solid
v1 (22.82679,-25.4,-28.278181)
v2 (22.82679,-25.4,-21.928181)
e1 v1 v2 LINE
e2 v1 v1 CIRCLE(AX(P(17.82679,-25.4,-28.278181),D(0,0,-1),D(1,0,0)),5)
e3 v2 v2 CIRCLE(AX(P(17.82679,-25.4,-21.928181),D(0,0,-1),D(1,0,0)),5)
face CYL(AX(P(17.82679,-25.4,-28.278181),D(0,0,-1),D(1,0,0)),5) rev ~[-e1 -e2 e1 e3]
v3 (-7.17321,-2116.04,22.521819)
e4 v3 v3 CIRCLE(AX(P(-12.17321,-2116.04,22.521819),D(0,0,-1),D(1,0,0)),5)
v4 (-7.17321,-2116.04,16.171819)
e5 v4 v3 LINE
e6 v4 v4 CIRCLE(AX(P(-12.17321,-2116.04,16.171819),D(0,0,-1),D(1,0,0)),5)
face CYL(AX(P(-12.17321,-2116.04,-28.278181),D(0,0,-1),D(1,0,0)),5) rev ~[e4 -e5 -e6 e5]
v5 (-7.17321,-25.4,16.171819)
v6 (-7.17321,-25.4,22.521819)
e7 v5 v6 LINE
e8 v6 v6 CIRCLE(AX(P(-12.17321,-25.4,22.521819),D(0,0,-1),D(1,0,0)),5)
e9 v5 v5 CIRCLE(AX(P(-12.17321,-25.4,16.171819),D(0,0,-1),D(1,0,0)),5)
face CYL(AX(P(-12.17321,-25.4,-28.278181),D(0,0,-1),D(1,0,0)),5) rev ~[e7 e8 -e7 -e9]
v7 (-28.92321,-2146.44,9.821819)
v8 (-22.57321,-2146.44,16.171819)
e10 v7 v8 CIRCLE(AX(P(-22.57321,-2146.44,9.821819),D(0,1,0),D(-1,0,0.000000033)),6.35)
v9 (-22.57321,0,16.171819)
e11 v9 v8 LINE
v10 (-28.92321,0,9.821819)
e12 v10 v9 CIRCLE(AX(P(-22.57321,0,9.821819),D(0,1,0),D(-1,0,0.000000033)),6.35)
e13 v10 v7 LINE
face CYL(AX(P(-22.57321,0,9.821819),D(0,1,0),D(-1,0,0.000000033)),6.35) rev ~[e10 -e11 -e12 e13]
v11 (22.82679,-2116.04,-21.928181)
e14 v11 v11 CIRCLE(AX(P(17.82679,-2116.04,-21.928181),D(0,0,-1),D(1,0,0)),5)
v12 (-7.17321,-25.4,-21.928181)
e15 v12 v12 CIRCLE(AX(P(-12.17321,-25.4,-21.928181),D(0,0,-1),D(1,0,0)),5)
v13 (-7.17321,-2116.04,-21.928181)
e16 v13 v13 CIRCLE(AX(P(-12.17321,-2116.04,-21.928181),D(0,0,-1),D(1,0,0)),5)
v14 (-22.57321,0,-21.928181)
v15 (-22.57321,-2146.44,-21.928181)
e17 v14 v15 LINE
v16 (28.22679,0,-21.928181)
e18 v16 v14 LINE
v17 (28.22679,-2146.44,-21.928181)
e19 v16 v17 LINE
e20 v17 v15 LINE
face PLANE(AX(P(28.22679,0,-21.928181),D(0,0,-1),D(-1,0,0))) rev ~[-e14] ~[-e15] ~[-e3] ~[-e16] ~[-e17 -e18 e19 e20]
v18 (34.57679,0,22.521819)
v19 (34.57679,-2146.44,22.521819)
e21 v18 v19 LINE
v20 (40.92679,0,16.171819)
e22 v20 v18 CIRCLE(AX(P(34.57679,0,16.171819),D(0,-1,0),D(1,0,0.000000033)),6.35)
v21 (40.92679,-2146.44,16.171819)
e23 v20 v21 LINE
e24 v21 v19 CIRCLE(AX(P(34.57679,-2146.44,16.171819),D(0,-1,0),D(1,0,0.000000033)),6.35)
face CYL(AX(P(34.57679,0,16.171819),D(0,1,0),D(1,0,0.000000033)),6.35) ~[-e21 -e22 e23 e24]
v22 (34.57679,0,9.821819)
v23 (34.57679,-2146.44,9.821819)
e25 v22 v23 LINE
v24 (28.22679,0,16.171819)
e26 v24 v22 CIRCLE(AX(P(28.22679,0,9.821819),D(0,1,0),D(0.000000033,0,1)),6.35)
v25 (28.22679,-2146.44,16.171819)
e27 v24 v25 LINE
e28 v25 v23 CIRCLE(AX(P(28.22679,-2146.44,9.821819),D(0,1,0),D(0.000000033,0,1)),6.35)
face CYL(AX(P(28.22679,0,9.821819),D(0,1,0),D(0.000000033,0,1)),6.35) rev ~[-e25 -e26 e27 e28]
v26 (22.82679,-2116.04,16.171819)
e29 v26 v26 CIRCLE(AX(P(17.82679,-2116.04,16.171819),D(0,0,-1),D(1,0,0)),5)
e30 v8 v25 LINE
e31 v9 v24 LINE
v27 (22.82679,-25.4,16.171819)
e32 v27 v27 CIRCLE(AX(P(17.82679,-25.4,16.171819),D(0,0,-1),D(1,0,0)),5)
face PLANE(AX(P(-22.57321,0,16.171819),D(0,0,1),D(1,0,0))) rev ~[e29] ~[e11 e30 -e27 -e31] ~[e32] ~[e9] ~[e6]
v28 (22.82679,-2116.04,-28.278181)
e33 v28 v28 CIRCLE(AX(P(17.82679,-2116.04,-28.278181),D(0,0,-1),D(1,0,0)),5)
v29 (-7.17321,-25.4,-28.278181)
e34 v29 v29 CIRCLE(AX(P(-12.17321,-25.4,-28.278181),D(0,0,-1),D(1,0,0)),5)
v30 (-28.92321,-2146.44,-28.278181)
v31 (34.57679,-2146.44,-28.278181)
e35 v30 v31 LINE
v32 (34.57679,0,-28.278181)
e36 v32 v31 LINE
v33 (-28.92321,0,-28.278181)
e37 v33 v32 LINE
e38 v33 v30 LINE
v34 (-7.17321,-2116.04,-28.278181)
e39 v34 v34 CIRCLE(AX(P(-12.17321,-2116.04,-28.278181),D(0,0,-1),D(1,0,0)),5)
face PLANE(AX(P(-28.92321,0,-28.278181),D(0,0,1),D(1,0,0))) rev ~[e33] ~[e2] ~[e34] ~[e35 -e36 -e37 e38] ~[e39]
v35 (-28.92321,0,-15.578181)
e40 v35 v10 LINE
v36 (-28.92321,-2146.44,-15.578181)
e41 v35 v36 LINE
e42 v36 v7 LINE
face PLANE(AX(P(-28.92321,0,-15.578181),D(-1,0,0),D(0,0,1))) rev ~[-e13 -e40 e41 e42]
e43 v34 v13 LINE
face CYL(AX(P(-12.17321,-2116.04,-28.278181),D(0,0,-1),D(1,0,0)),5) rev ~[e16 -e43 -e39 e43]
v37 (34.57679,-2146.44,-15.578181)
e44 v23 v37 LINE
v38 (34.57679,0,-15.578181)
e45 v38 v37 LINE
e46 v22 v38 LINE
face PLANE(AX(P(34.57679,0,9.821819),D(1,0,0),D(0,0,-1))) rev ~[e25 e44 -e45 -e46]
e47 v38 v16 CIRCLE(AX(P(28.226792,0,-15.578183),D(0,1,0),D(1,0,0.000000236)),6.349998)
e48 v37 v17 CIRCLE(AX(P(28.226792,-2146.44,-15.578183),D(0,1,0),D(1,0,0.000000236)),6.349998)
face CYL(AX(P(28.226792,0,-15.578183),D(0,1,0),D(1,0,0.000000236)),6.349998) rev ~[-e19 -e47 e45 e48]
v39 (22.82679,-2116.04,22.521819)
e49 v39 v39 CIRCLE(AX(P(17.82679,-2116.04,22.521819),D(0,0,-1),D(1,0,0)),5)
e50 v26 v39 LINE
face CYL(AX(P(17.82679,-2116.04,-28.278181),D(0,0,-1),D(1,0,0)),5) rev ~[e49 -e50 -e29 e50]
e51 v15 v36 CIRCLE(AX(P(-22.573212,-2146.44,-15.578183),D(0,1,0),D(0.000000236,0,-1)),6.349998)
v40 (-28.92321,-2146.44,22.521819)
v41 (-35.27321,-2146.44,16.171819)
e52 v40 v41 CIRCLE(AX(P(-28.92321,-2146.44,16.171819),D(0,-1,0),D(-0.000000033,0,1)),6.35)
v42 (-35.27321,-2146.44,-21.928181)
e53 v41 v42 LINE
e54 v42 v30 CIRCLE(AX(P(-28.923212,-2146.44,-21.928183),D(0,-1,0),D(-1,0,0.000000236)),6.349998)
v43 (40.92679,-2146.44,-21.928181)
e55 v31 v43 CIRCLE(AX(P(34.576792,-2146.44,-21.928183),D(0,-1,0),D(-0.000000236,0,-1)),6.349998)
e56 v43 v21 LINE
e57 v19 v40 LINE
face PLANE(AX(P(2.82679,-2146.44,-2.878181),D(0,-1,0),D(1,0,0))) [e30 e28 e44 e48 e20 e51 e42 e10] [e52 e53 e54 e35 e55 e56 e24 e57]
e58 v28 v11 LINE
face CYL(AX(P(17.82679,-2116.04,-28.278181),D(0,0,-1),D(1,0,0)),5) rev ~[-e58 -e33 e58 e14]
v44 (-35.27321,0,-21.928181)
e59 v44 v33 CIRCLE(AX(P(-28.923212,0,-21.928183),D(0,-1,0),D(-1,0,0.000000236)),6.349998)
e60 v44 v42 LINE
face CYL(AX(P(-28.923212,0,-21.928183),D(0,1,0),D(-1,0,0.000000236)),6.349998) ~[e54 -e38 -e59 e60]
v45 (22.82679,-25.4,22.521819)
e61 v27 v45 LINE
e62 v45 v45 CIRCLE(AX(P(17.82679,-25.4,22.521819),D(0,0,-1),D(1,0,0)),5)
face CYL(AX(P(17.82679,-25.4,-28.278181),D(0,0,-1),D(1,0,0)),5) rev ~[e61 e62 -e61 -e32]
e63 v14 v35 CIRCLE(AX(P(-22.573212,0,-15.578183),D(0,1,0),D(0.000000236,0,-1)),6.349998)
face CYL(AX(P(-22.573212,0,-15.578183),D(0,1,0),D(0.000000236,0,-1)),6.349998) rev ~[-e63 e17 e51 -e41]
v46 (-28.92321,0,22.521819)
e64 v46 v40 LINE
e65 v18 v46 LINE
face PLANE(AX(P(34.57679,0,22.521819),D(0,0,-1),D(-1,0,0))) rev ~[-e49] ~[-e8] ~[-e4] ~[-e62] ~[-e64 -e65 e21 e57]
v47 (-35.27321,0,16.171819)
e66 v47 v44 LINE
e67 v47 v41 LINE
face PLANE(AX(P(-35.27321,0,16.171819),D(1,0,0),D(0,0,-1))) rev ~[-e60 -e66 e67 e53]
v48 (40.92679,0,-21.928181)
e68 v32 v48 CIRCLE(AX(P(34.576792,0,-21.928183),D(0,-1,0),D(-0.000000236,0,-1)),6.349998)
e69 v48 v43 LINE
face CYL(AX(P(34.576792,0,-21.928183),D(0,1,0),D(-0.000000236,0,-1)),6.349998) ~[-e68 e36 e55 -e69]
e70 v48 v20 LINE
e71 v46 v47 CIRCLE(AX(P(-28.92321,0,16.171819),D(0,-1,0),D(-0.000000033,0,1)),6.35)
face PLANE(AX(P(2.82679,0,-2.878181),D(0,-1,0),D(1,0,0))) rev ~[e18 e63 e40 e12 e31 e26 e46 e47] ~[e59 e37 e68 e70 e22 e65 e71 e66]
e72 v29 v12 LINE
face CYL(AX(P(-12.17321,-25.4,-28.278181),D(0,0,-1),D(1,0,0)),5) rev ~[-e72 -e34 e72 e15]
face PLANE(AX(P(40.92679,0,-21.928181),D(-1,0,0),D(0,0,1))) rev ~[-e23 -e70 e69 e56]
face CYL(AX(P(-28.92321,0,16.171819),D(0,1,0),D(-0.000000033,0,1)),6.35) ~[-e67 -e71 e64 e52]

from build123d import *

# Parameters (mm, degrees)
F1_DEPTH = 2146.44
F2_R     = 5
F3_DEPTH = 50.801


with BuildPart() as f1:
    # F0 (on Front) → F1 (new body)
    with BuildSketch(Plane.XZ):
        with BuildLine():
            Line((34.57679, 22.521819), (-28.92321, 22.521819))
            ThreePointArc((-28.92321, 22.521819), (-33.413338, 20.661947), (-35.27321, 16.171819))
            Line((-35.27321, 16.171819), (-35.27321, -21.928181))
            ThreePointArc((-35.27321, -21.928181), (-33.413338, -26.41831), (-28.92321, -28.278181))
            Line((-28.92321, -28.278181), (34.57679, -28.278181))
            ThreePointArc((34.57679, -28.278181), (39.066918, -26.41831), (40.92679, -21.928181))
            Line((40.92679, -21.928181), (40.92679, 16.171819))
            ThreePointArc((40.92679, 16.171819), (39.066918, 20.661947), (34.57679, 22.521819))
        make_face()
        with BuildLine():
            ThreePointArc((-28.92321, 9.821819), (-27.063338, 14.311947), (-22.57321, 16.171819))
            Line((-22.57321, 16.171819), (28.22679, 16.171819))
            ThreePointArc((28.22679, 16.171819), (32.716918, 14.311947), (34.57679, 9.821819))
            Line((34.57679, 9.821819), (34.57679, -15.578181))
            ThreePointArc((34.57679, -15.578181), (32.716918, -20.06831), (28.22679, -21.928181))
            Line((28.22679, -21.928181), (-22.57321, -21.928181))
            ThreePointArc((-22.57321, -21.928181), (-27.063338, -20.06831), (-28.92321, -15.578181))
            Line((-28.92321, -15.578181), (-28.92321, 9.821819))
        make_face(mode=Mode.SUBTRACT)
    extrude(amount=F1_DEPTH)

    # F2 (on face) → F3 (cut, through all)
    with BuildSketch(Plane(origin=(0, 0, -28.278181), x_dir=(1, 0, 0), z_dir=(0, 0, -1))):
        with Locations((17.82679, 2116.04)):
            Circle(F2_R)
        with Locations((-12.17321, 2116.04)):
            Circle(F2_R)
        with Locations((17.82679, 25.4)):
            Circle(F2_R)
        with Locations((-12.17321, 25.4)):
            Circle(F2_R)
    extrude(amount=-F3_DEPTH, mode=Mode.SUBTRACT)


solid = f1.part
